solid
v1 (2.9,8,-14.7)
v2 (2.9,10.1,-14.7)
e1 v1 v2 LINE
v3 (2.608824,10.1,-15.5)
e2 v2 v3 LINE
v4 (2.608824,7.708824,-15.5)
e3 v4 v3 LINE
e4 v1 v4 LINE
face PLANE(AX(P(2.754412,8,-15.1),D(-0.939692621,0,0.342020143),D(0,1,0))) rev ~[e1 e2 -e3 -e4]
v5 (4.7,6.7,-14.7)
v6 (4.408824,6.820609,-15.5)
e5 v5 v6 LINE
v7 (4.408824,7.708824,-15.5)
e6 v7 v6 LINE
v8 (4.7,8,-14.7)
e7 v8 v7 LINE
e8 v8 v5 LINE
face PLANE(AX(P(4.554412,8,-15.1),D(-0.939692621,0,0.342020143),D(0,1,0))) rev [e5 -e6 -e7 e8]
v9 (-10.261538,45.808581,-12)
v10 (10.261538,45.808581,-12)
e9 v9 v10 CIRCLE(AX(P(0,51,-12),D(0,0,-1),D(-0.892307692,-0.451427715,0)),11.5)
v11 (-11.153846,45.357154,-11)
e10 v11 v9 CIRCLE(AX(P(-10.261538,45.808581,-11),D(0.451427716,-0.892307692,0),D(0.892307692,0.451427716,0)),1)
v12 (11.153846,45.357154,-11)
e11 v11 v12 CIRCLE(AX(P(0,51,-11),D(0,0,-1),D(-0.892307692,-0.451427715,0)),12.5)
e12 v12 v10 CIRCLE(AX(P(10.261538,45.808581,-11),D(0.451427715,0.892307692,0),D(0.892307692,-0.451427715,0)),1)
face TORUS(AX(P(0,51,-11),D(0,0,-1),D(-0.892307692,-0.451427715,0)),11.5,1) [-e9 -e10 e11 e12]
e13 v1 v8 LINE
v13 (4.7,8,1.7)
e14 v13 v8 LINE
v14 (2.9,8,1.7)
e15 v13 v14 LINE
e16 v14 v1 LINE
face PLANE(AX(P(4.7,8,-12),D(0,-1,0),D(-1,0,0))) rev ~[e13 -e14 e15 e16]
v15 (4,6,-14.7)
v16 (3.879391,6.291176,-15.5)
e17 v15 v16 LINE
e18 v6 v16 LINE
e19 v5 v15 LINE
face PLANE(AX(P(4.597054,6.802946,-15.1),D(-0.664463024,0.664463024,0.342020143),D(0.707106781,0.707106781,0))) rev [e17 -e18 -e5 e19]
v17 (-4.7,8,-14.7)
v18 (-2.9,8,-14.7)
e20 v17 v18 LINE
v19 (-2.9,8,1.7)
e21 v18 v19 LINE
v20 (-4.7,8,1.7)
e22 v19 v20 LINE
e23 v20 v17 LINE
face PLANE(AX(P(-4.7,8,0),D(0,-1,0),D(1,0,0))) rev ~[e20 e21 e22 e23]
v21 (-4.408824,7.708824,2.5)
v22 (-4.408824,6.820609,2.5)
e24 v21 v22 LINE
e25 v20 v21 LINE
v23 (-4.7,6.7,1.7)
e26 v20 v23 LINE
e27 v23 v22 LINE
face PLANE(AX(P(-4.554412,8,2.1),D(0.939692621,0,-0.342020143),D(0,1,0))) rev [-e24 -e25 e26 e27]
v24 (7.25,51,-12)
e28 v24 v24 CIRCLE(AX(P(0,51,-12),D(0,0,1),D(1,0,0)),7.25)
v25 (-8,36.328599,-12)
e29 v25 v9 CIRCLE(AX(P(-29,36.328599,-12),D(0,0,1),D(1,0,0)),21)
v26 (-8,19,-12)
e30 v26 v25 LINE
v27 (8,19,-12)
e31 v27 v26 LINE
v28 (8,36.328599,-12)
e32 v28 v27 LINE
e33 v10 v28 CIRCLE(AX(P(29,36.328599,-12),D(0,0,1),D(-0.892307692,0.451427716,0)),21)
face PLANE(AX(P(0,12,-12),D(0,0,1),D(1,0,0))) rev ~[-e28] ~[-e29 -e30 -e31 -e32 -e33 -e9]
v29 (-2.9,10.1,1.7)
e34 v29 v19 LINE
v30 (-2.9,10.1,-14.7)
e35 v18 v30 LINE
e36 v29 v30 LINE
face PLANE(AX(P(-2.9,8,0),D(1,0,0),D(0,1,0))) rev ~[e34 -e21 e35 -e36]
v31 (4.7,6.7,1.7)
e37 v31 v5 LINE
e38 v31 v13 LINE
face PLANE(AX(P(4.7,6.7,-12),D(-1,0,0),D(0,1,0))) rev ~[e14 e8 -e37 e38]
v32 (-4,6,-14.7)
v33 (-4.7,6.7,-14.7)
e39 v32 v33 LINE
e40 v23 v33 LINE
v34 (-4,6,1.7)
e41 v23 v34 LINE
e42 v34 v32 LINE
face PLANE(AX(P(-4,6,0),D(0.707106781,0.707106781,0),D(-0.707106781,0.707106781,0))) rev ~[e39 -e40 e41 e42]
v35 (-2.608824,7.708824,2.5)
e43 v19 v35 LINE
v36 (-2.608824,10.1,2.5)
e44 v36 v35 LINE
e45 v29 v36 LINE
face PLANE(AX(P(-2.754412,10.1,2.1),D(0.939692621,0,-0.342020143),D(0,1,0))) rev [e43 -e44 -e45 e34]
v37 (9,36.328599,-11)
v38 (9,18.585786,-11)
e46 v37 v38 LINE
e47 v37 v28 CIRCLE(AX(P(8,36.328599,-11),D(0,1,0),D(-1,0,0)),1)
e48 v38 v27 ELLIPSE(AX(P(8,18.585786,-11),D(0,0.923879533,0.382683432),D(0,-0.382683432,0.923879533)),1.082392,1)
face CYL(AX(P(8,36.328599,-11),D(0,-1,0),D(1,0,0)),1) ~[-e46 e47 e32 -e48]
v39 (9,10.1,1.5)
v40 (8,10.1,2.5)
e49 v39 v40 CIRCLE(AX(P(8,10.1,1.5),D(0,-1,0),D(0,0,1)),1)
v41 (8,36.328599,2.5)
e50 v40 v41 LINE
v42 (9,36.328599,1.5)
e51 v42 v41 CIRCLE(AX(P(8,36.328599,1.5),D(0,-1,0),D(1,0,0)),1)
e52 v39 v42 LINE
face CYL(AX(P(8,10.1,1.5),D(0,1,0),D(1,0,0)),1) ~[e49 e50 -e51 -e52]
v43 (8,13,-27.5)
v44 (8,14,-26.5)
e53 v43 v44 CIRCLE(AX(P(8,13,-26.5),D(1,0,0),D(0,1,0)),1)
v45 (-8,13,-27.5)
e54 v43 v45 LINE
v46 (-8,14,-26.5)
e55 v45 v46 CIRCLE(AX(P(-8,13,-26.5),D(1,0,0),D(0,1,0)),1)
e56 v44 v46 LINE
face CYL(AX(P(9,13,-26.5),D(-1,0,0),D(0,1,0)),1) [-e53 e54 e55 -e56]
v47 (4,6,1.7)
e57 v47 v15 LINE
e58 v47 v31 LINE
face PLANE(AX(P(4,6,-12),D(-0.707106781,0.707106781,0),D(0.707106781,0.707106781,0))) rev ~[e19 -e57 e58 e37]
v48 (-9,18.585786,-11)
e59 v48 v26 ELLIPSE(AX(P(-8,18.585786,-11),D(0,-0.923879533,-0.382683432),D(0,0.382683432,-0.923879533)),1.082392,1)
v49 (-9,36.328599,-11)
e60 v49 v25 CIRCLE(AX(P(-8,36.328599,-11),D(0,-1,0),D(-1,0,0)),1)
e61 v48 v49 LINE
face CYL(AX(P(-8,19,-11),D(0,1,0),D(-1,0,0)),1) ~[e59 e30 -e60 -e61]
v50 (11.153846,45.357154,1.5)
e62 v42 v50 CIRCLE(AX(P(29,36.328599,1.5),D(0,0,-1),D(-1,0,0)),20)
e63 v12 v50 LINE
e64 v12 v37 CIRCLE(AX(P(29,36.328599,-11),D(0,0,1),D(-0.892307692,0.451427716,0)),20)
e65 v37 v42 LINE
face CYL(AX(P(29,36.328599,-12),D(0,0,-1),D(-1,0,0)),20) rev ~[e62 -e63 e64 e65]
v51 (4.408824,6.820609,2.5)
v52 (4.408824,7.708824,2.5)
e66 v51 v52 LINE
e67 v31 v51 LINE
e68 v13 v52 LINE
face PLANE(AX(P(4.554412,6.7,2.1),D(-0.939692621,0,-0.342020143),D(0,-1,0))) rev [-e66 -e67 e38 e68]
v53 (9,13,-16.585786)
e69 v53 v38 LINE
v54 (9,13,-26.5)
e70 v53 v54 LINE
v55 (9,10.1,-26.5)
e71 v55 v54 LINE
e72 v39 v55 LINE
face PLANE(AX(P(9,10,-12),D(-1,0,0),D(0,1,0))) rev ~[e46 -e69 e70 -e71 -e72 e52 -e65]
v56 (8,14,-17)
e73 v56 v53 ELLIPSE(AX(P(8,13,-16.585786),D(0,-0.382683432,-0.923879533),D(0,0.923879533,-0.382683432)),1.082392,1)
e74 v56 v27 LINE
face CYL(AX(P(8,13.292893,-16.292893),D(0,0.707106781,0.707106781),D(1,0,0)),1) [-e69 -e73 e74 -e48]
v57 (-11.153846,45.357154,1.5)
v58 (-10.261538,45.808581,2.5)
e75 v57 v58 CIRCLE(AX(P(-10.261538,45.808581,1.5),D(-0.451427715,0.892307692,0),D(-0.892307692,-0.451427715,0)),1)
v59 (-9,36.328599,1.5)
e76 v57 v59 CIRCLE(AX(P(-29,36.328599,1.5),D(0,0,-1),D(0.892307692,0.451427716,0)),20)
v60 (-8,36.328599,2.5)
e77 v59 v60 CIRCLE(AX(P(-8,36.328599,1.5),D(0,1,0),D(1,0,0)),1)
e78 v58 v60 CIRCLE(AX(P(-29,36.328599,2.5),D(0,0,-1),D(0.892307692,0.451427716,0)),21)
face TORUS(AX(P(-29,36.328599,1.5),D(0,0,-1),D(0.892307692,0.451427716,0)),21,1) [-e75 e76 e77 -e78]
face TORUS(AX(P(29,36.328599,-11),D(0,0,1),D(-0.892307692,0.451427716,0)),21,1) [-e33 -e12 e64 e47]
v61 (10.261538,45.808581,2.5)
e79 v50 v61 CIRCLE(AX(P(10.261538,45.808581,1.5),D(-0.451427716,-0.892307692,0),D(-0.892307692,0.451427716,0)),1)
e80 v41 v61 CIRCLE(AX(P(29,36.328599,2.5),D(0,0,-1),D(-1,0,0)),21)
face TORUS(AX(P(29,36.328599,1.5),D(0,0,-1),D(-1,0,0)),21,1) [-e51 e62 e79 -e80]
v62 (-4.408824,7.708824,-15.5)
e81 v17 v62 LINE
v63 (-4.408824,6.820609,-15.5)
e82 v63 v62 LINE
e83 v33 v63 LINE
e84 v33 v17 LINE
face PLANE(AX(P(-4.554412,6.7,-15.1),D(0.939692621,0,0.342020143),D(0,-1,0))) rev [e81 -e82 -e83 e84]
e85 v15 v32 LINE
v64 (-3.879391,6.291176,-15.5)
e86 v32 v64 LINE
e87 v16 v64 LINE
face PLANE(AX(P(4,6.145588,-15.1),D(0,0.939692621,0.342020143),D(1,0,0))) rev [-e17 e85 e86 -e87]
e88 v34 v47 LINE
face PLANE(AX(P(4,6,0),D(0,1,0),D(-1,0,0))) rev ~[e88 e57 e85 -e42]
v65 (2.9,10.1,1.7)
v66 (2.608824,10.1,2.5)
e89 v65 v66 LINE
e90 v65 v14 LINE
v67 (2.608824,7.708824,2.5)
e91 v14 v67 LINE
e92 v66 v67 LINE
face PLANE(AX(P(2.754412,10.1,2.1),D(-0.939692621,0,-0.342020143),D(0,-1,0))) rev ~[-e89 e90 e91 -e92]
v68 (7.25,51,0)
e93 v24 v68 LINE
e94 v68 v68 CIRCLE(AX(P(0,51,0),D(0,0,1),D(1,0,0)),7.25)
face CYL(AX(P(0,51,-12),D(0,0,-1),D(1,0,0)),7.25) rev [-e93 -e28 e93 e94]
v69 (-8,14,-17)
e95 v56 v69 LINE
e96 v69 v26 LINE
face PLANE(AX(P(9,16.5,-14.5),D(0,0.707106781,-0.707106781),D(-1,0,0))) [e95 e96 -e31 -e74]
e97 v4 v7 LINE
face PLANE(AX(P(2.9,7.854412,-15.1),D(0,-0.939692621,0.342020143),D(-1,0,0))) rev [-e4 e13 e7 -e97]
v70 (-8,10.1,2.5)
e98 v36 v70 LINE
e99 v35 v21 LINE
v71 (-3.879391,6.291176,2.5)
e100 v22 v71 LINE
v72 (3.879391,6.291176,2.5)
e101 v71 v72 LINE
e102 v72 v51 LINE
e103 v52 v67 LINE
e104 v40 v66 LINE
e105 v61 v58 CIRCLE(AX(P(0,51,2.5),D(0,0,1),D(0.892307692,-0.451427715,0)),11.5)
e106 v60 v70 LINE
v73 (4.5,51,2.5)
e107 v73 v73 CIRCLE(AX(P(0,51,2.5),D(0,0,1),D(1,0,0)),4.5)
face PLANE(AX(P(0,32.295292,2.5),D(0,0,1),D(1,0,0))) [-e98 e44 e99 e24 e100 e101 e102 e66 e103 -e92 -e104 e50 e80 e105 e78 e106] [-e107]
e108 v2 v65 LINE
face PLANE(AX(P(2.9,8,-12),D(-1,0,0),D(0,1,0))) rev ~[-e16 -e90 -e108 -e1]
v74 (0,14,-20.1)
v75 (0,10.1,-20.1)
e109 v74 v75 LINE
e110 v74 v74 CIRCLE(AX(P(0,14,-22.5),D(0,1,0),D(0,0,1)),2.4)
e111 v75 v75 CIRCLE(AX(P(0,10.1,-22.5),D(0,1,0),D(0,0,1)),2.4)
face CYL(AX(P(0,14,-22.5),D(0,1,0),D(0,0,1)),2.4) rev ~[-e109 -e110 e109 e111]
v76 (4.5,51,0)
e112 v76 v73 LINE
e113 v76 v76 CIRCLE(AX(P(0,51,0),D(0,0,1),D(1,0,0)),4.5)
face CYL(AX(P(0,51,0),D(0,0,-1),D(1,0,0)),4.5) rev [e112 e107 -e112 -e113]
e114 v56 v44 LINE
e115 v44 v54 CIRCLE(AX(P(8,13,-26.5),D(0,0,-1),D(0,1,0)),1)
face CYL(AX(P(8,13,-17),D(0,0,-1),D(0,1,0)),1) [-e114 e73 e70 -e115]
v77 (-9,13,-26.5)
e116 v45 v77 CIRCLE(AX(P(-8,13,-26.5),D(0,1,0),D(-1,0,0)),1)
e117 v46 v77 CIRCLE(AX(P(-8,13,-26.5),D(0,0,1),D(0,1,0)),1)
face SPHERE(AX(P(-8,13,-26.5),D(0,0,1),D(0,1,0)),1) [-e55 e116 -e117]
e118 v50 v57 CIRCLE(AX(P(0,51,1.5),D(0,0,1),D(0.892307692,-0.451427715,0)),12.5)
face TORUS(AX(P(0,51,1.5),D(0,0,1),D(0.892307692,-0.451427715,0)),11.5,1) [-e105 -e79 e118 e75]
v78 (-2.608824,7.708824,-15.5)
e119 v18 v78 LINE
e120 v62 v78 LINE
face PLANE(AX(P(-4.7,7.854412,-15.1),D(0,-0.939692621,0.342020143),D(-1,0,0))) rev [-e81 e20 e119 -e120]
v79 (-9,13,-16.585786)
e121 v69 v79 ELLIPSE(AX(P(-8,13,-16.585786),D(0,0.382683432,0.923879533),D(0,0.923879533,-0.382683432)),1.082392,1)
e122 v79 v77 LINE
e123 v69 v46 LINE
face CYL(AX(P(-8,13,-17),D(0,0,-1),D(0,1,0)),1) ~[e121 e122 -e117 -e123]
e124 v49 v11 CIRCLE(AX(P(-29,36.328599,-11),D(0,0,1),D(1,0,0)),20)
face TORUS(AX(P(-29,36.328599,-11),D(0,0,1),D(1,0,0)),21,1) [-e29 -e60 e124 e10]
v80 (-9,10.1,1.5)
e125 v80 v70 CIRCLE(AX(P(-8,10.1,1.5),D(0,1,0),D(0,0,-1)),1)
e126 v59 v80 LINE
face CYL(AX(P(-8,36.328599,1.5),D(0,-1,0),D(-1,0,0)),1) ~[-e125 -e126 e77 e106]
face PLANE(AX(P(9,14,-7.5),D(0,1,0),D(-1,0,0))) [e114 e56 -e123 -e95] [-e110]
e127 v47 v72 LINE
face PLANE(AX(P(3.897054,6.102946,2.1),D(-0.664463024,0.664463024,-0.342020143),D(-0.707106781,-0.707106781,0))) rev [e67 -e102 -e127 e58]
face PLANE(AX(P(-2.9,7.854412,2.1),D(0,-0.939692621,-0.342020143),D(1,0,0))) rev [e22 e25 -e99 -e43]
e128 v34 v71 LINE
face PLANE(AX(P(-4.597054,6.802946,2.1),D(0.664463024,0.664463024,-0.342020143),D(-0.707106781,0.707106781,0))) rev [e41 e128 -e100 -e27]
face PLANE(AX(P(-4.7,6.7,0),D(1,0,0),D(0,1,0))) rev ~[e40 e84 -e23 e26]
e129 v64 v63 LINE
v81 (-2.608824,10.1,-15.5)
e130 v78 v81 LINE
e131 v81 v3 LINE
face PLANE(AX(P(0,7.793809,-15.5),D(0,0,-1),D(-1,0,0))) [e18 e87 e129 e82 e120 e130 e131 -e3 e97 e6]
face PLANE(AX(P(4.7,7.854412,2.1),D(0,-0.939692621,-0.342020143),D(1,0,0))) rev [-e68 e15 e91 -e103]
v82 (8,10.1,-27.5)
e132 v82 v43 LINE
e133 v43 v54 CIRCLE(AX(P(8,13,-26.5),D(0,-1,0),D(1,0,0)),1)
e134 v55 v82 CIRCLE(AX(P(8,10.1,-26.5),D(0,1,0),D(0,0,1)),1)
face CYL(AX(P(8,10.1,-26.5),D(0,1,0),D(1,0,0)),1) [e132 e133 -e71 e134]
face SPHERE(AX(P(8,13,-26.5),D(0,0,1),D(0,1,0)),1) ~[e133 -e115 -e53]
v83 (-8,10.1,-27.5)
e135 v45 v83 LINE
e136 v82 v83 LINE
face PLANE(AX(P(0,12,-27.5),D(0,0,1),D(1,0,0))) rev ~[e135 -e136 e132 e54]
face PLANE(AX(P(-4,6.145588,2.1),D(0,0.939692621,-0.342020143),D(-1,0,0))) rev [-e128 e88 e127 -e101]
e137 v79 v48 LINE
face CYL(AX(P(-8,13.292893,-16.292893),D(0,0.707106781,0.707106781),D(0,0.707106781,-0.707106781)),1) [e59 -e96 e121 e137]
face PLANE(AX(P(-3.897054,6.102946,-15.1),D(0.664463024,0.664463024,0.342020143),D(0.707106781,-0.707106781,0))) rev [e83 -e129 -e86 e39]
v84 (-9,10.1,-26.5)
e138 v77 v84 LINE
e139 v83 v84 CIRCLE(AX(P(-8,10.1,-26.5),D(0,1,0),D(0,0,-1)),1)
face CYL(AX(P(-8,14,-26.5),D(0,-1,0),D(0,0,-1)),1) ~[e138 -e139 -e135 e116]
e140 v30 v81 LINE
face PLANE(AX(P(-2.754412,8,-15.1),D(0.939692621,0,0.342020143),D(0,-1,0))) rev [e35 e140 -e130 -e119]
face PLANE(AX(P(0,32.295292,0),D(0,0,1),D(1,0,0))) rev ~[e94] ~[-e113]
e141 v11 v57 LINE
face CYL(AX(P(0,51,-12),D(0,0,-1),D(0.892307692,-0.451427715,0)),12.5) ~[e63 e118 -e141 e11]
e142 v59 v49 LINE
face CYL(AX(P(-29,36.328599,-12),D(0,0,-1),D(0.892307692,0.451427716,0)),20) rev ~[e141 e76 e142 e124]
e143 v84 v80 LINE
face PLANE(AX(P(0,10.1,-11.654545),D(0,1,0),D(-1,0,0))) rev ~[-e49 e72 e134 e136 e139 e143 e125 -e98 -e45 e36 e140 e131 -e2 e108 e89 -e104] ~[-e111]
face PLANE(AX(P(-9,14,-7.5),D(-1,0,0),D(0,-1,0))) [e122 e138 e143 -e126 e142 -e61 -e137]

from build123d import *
from OCP.BRepFilletAPI import BRepFilletAPI_MakeChamfer

# Parameters (mm, degrees)
SKETCH_1_R          = 4.5
EXTRUDE_1_DEPTH     = 2.5
EXTRUDE_START       = -12
SKETCH_1_13_R       = 7.25
SKETCH_1_13_R_2     = 4.5
EXTRUDE_5_DEPTH     = 12
EXTRUDE_START_2     = -7.5
EXTRUDE_2_DEPTH     = 20
EXTRUDE_3_DEPTH     = 15.5
SKETCH_4_R          = 2.4
CUT_EXTRUDE_3_DEPTH = 58.989223137
CUT_EXTRUDE_5_DEPTH = 0.1
CHAMFER_3_SIZE      = 0.8
CHAMFER_3_SIZE2     = 0.291176187
CHAMFER_4_SIZE      = 5
FILLET_1_R          = 1


with BuildPart() as part:
    # 草图1 → 凸台-拉伸1 (new body)
    with BuildSketch(Plane.XY):
        with BuildLine():
            Line((2.9, 10), (9, 10))
            Line((9, 10), (9, 36.328599249))
            ThreePointArc((9, 36.328599249), (9.545912037, 40.969554058), (11.153846154, 45.357153557))
            ThreePointArc((11.153846154, 45.357153557), (0, 63.5), (-11.153846154, 45.357153557))
            ThreePointArc((-11.153846154, 45.357153557), (-9.545912037, 40.969554058), (-9, 36.328599249))
            Line((-9, 36.328599249), (-9, 10))
            Line((-9, 10), (-2.9, 10))
            Line((-2.9, 10), (-2.9, 8))
            Line((-2.9, 8), (-4.7, 8))
            Line((-4.7, 8), (-4.7, 6.7))
            Line((-4.7, 6.7), (-4, 6))
            Line((-4, 6), (4, 6))
            Line((4, 6), (4.7, 6.7))
            Line((4.7, 6.7), (4.7, 8))
            Line((4.7, 8), (2.9, 8))
            Line((2.9, 8), (2.9, 10))
        make_face()
        with Locations((0, 51)):
            Circle(SKETCH_1_R, mode=Mode.SUBTRACT)
    extrude(amount=EXTRUDE_1_DEPTH)

    # 草图1<13> → 凸台-拉伸5 (add)
    # profile 1 of 4: a face of its own
    with BuildSketch(Plane.XY.offset(EXTRUDE_START)):
        Polygon((2.9, 10), (9, 10), (9, 14), (-9, 14), (-9, 10), (-2.9, 10), align=None)
    # profile 2 of 4: a face of its own
    with BuildSketch(Plane.XY.offset(EXTRUDE_START)):
        Polygon((2.9, 8), (2.9, 10), (-2.9, 10), (-2.9, 8), (-4.7, 8), (-4.7, 6.7), (-4, 6), (4, 6), (4.7, 6.7), (4.7, 8), align=None)
    # profile 3 of 4: a face of its own
    with BuildSketch(Plane.XY.offset(EXTRUDE_START)):
        with BuildLine():
            Line((-9, 14), (9, 14))
            Line((9, 14), (9, 36.328599249))
            ThreePointArc((9, 36.328599249), (9.545912037, 40.969554058), (11.153846154, 45.357153557))
            ThreePointArc((11.153846154, 45.357153557), (0, 63.5), (-11.153846154, 45.357153557))
            ThreePointArc((-11.153846154, 45.357153557), (-9.545912037, 40.969554058), (-9, 36.328599249))
            Line((-9, 36.328599249), (-9, 14))
        make_face()
        with Locations((0, 51)):
            Circle(SKETCH_1_13_R, mode=Mode.SUBTRACT)
    # profile 4 of 4: a face of its own
    with BuildSketch(Plane.XY.offset(EXTRUDE_START)):
        with Locations((0, 51)):
            Circle(SKETCH_1_13_R_2)
    extrude(amount=EXTRUDE_5_DEPTH)


with BuildPart() as extrude_5_kept_piece:
    # of the separate pieces the step leaves, the one the design keeps (extrude_5_pieces_kept)
    add(part.part.solids().sort_by_distance((2.9, 10, 2.5))[0])

    # 草图1<10> → 凸台-拉伸2 (add)
    with BuildSketch(Plane.XY.offset(EXTRUDE_START_2)):
        Polygon((2.9, 10), (9, 10), (9, 14), (-9, 14), (-9, 10), (-2.9, 10), align=None)
    extrude(amount=-EXTRUDE_2_DEPTH)

    # 草图1<11> → 凸台-拉伸3 (add)
    with BuildSketch(Plane.XY):
        Polygon((2.9, 8), (4.7, 8), (4.7, 6.7), (4, 6), (-4, 6), (-4.7, 6.7), (-4.7, 8), (-2.9, 8), (-2.9, 10), (2.9, 10), align=None)
    extrude(amount=-EXTRUDE_3_DEPTH)

    # 草图4 → 切除-拉伸3 (cut, through all)
    with BuildSketch(Plane(origin=(0, 14, 0), x_dir=(1, 0, 0), z_dir=(0, 1, 0))):
        with Locations(Location((0, 22.5, 0), (0, 0, 270))):
            Circle(SKETCH_4_R)
    extrude(amount=-CUT_EXTRUDE_3_DEPTH, mode=Mode.SUBTRACT)

    # 草图7 → 切除-拉伸5 (cut)
    with BuildSketch(Plane.XZ.offset(-10)):
        Polygon((2.9, 2.5), (9, 2.5), (9, -27.5), (-9, -27.5), (-9, 2.5), (-2.9, 2.5), (-2.9, -15.5), (2.9, -15.5), align=None)
    extrude(amount=-CUT_EXTRUDE_5_DEPTH, mode=Mode.SUBTRACT)

    # 倒角3: one chamfer whose edges measure the first distance from different faces: ONE call of the kernel's chamfer builder (chamfer() names one face for all edges)
    chamfer_3_edges_1 = [extrude_5_kept_piece.edges().sort_by_distance(p)[0] for p in [
        (2.9, 9.05, -15.5),
        (2.9, 9.05, 2.5),
    ]]
    chamfer_3_side_1 = [extrude_5_kept_piece.faces().sort_by_distance(p)[0] for p in [
        (2.9, 9.05, -6.5),
    ]]
    chamfer_3_edges_2 = [extrude_5_kept_piece.edges().sort_by_distance(p)[0] for p in [
        (4.7, 7.35, -15.5),
        (4.7, 7.35, 2.5),
    ]]
    chamfer_3_side_2 = [extrude_5_kept_piece.faces().sort_by_distance(p)[0] for p in [
        (4.7, 7.35, -6.5),
    ]]
    chamfer_3_edges_3 = [extrude_5_kept_piece.edges().sort_by_distance(p)[0] for p in [
        (4.35, 6.35, -15.5),
        (4.35, 6.35, 2.5),
    ]]
    chamfer_3_side_3 = [extrude_5_kept_piece.faces().sort_by_distance(p)[0] for p in [
        (4.35, 6.35, -6.5),
    ]]
    chamfer_3_edges_4 = [extrude_5_kept_piece.edges().sort_by_distance(p)[0] for p in [
        (3.8, 8, -15.5),
        (3.8, 8, 2.5),
    ]]
    chamfer_3_side_4 = [extrude_5_kept_piece.faces().sort_by_distance(p)[0] for p in [
        (3.8, 8, -6.5),
    ]]
    chamfer_3_edges_5 = [extrude_5_kept_piece.edges().sort_by_distance(p)[0] for p in [
        (0, 6, -15.5),
        (0, 6, 2.5),
    ]]
    chamfer_3_side_5 = [extrude_5_kept_piece.faces().sort_by_distance(p)[0] for p in [
        (0, 6, -6.5),
    ]]
    chamfer_3_edges_6 = [extrude_5_kept_piece.edges().sort_by_distance(p)[0] for p in [
        (-4.35, 6.35, -15.5),
        (-4.35, 6.35, 2.5),
    ]]
    chamfer_3_side_6 = [extrude_5_kept_piece.faces().sort_by_distance(p)[0] for p in [
        (-4.35, 6.35, -6.5),
    ]]
    chamfer_3_edges_7 = [extrude_5_kept_piece.edges().sort_by_distance(p)[0] for p in [
        (-4.7, 7.35, -15.5),
        (-4.7, 7.35, 2.5),
    ]]
    chamfer_3_side_7 = [extrude_5_kept_piece.faces().sort_by_distance(p)[0] for p in [
        (-4.7, 7.35, -6.5),
    ]]
    chamfer_3_edges_8 = [extrude_5_kept_piece.edges().sort_by_distance(p)[0] for p in [
        (-3.8, 8, -15.5),
        (-3.8, 8, 2.5),
    ]]
    chamfer_3_side_8 = [extrude_5_kept_piece.faces().sort_by_distance(p)[0] for p in [
        (-3.8, 8, -6.5),
    ]]
    chamfer_3_edges_9 = [extrude_5_kept_piece.edges().sort_by_distance(p)[0] for p in [
        (-2.9, 9.05, -15.5),
        (-2.9, 9.05, 2.5),
    ]]
    chamfer_3_side_9 = [extrude_5_kept_piece.faces().sort_by_distance(p)[0] for p in [
        (-2.9, 9.05, -6.5),
    ]]
    chamfer_3 = BRepFilletAPI_MakeChamfer(extrude_5_kept_piece.part.solid().wrapped)
    for e in chamfer_3_edges_1:
        chamfer_3.Add(CHAMFER_3_SIZE, CHAMFER_3_SIZE2, e.wrapped, chamfer_3_side_1[0].wrapped)  # the first distance lies on this face
    for e in chamfer_3_edges_2:
        chamfer_3.Add(CHAMFER_3_SIZE, CHAMFER_3_SIZE2, e.wrapped, chamfer_3_side_2[0].wrapped)  # the first distance lies on this face
    for e in chamfer_3_edges_3:
        chamfer_3.Add(CHAMFER_3_SIZE, CHAMFER_3_SIZE2, e.wrapped, chamfer_3_side_3[0].wrapped)  # the first distance lies on this face
    for e in chamfer_3_edges_4:
        chamfer_3.Add(CHAMFER_3_SIZE, CHAMFER_3_SIZE2, e.wrapped, chamfer_3_side_4[0].wrapped)  # the first distance lies on this face
    for e in chamfer_3_edges_5:
        chamfer_3.Add(CHAMFER_3_SIZE, CHAMFER_3_SIZE2, e.wrapped, chamfer_3_side_5[0].wrapped)  # the first distance lies on this face
    for e in chamfer_3_edges_6:
        chamfer_3.Add(CHAMFER_3_SIZE, CHAMFER_3_SIZE2, e.wrapped, chamfer_3_side_6[0].wrapped)  # the first distance lies on this face
    for e in chamfer_3_edges_7:
        chamfer_3.Add(CHAMFER_3_SIZE, CHAMFER_3_SIZE2, e.wrapped, chamfer_3_side_7[0].wrapped)  # the first distance lies on this face
    for e in chamfer_3_edges_8:
        chamfer_3.Add(CHAMFER_3_SIZE, CHAMFER_3_SIZE2, e.wrapped, chamfer_3_side_8[0].wrapped)  # the first distance lies on this face
    for e in chamfer_3_edges_9:
        chamfer_3.Add(CHAMFER_3_SIZE, CHAMFER_3_SIZE2, e.wrapped, chamfer_3_side_9[0].wrapped)  # the first distance lies on this face
    add(Compound.cast(chamfer_3.Shape()), mode=Mode.REPLACE)

    # 倒角4
    chamfer_4_edges = [extrude_5_kept_piece.edges().sort_by_distance(p)[0] for p in [
        (0, 14, -12),
    ]]
    chamfer(chamfer_4_edges, length=CHAMFER_4_SIZE)

    # 圆角1
    fillet_1_edges = [extrude_5_kept_piece.edges().sort_by_distance(p)[0] for p in [
        (-9, 14, -22.25),
        (9, 14, -22.25),
        (0, 14, -27.5),
        (-9, 12.05, -27.5),
        (9, 12.05, -27.5),
        (9, 23.214299624, 2.5),
        (-9, 23.214299624, 2.5),
        (9.545912037, 40.969554058, 2.5),
        (0, 63.5, 2.5),
        (-9, 27.664299624, -12),
        (9, 27.664299624, -12),
        (9, 16.5, -14.5),
        (-9, 16.5, -14.5),
        (-9.545912037, 40.969554058, 2.5),
        (0, 63.5, -12),
        (9.545912037, 40.969554058, -12),
        (-9.545912037, 40.969554058, -12),
    ]]
    fillet(fillet_1_edges, radius=FILLET_1_R)


solid = extrude_5_kept_piece.part
